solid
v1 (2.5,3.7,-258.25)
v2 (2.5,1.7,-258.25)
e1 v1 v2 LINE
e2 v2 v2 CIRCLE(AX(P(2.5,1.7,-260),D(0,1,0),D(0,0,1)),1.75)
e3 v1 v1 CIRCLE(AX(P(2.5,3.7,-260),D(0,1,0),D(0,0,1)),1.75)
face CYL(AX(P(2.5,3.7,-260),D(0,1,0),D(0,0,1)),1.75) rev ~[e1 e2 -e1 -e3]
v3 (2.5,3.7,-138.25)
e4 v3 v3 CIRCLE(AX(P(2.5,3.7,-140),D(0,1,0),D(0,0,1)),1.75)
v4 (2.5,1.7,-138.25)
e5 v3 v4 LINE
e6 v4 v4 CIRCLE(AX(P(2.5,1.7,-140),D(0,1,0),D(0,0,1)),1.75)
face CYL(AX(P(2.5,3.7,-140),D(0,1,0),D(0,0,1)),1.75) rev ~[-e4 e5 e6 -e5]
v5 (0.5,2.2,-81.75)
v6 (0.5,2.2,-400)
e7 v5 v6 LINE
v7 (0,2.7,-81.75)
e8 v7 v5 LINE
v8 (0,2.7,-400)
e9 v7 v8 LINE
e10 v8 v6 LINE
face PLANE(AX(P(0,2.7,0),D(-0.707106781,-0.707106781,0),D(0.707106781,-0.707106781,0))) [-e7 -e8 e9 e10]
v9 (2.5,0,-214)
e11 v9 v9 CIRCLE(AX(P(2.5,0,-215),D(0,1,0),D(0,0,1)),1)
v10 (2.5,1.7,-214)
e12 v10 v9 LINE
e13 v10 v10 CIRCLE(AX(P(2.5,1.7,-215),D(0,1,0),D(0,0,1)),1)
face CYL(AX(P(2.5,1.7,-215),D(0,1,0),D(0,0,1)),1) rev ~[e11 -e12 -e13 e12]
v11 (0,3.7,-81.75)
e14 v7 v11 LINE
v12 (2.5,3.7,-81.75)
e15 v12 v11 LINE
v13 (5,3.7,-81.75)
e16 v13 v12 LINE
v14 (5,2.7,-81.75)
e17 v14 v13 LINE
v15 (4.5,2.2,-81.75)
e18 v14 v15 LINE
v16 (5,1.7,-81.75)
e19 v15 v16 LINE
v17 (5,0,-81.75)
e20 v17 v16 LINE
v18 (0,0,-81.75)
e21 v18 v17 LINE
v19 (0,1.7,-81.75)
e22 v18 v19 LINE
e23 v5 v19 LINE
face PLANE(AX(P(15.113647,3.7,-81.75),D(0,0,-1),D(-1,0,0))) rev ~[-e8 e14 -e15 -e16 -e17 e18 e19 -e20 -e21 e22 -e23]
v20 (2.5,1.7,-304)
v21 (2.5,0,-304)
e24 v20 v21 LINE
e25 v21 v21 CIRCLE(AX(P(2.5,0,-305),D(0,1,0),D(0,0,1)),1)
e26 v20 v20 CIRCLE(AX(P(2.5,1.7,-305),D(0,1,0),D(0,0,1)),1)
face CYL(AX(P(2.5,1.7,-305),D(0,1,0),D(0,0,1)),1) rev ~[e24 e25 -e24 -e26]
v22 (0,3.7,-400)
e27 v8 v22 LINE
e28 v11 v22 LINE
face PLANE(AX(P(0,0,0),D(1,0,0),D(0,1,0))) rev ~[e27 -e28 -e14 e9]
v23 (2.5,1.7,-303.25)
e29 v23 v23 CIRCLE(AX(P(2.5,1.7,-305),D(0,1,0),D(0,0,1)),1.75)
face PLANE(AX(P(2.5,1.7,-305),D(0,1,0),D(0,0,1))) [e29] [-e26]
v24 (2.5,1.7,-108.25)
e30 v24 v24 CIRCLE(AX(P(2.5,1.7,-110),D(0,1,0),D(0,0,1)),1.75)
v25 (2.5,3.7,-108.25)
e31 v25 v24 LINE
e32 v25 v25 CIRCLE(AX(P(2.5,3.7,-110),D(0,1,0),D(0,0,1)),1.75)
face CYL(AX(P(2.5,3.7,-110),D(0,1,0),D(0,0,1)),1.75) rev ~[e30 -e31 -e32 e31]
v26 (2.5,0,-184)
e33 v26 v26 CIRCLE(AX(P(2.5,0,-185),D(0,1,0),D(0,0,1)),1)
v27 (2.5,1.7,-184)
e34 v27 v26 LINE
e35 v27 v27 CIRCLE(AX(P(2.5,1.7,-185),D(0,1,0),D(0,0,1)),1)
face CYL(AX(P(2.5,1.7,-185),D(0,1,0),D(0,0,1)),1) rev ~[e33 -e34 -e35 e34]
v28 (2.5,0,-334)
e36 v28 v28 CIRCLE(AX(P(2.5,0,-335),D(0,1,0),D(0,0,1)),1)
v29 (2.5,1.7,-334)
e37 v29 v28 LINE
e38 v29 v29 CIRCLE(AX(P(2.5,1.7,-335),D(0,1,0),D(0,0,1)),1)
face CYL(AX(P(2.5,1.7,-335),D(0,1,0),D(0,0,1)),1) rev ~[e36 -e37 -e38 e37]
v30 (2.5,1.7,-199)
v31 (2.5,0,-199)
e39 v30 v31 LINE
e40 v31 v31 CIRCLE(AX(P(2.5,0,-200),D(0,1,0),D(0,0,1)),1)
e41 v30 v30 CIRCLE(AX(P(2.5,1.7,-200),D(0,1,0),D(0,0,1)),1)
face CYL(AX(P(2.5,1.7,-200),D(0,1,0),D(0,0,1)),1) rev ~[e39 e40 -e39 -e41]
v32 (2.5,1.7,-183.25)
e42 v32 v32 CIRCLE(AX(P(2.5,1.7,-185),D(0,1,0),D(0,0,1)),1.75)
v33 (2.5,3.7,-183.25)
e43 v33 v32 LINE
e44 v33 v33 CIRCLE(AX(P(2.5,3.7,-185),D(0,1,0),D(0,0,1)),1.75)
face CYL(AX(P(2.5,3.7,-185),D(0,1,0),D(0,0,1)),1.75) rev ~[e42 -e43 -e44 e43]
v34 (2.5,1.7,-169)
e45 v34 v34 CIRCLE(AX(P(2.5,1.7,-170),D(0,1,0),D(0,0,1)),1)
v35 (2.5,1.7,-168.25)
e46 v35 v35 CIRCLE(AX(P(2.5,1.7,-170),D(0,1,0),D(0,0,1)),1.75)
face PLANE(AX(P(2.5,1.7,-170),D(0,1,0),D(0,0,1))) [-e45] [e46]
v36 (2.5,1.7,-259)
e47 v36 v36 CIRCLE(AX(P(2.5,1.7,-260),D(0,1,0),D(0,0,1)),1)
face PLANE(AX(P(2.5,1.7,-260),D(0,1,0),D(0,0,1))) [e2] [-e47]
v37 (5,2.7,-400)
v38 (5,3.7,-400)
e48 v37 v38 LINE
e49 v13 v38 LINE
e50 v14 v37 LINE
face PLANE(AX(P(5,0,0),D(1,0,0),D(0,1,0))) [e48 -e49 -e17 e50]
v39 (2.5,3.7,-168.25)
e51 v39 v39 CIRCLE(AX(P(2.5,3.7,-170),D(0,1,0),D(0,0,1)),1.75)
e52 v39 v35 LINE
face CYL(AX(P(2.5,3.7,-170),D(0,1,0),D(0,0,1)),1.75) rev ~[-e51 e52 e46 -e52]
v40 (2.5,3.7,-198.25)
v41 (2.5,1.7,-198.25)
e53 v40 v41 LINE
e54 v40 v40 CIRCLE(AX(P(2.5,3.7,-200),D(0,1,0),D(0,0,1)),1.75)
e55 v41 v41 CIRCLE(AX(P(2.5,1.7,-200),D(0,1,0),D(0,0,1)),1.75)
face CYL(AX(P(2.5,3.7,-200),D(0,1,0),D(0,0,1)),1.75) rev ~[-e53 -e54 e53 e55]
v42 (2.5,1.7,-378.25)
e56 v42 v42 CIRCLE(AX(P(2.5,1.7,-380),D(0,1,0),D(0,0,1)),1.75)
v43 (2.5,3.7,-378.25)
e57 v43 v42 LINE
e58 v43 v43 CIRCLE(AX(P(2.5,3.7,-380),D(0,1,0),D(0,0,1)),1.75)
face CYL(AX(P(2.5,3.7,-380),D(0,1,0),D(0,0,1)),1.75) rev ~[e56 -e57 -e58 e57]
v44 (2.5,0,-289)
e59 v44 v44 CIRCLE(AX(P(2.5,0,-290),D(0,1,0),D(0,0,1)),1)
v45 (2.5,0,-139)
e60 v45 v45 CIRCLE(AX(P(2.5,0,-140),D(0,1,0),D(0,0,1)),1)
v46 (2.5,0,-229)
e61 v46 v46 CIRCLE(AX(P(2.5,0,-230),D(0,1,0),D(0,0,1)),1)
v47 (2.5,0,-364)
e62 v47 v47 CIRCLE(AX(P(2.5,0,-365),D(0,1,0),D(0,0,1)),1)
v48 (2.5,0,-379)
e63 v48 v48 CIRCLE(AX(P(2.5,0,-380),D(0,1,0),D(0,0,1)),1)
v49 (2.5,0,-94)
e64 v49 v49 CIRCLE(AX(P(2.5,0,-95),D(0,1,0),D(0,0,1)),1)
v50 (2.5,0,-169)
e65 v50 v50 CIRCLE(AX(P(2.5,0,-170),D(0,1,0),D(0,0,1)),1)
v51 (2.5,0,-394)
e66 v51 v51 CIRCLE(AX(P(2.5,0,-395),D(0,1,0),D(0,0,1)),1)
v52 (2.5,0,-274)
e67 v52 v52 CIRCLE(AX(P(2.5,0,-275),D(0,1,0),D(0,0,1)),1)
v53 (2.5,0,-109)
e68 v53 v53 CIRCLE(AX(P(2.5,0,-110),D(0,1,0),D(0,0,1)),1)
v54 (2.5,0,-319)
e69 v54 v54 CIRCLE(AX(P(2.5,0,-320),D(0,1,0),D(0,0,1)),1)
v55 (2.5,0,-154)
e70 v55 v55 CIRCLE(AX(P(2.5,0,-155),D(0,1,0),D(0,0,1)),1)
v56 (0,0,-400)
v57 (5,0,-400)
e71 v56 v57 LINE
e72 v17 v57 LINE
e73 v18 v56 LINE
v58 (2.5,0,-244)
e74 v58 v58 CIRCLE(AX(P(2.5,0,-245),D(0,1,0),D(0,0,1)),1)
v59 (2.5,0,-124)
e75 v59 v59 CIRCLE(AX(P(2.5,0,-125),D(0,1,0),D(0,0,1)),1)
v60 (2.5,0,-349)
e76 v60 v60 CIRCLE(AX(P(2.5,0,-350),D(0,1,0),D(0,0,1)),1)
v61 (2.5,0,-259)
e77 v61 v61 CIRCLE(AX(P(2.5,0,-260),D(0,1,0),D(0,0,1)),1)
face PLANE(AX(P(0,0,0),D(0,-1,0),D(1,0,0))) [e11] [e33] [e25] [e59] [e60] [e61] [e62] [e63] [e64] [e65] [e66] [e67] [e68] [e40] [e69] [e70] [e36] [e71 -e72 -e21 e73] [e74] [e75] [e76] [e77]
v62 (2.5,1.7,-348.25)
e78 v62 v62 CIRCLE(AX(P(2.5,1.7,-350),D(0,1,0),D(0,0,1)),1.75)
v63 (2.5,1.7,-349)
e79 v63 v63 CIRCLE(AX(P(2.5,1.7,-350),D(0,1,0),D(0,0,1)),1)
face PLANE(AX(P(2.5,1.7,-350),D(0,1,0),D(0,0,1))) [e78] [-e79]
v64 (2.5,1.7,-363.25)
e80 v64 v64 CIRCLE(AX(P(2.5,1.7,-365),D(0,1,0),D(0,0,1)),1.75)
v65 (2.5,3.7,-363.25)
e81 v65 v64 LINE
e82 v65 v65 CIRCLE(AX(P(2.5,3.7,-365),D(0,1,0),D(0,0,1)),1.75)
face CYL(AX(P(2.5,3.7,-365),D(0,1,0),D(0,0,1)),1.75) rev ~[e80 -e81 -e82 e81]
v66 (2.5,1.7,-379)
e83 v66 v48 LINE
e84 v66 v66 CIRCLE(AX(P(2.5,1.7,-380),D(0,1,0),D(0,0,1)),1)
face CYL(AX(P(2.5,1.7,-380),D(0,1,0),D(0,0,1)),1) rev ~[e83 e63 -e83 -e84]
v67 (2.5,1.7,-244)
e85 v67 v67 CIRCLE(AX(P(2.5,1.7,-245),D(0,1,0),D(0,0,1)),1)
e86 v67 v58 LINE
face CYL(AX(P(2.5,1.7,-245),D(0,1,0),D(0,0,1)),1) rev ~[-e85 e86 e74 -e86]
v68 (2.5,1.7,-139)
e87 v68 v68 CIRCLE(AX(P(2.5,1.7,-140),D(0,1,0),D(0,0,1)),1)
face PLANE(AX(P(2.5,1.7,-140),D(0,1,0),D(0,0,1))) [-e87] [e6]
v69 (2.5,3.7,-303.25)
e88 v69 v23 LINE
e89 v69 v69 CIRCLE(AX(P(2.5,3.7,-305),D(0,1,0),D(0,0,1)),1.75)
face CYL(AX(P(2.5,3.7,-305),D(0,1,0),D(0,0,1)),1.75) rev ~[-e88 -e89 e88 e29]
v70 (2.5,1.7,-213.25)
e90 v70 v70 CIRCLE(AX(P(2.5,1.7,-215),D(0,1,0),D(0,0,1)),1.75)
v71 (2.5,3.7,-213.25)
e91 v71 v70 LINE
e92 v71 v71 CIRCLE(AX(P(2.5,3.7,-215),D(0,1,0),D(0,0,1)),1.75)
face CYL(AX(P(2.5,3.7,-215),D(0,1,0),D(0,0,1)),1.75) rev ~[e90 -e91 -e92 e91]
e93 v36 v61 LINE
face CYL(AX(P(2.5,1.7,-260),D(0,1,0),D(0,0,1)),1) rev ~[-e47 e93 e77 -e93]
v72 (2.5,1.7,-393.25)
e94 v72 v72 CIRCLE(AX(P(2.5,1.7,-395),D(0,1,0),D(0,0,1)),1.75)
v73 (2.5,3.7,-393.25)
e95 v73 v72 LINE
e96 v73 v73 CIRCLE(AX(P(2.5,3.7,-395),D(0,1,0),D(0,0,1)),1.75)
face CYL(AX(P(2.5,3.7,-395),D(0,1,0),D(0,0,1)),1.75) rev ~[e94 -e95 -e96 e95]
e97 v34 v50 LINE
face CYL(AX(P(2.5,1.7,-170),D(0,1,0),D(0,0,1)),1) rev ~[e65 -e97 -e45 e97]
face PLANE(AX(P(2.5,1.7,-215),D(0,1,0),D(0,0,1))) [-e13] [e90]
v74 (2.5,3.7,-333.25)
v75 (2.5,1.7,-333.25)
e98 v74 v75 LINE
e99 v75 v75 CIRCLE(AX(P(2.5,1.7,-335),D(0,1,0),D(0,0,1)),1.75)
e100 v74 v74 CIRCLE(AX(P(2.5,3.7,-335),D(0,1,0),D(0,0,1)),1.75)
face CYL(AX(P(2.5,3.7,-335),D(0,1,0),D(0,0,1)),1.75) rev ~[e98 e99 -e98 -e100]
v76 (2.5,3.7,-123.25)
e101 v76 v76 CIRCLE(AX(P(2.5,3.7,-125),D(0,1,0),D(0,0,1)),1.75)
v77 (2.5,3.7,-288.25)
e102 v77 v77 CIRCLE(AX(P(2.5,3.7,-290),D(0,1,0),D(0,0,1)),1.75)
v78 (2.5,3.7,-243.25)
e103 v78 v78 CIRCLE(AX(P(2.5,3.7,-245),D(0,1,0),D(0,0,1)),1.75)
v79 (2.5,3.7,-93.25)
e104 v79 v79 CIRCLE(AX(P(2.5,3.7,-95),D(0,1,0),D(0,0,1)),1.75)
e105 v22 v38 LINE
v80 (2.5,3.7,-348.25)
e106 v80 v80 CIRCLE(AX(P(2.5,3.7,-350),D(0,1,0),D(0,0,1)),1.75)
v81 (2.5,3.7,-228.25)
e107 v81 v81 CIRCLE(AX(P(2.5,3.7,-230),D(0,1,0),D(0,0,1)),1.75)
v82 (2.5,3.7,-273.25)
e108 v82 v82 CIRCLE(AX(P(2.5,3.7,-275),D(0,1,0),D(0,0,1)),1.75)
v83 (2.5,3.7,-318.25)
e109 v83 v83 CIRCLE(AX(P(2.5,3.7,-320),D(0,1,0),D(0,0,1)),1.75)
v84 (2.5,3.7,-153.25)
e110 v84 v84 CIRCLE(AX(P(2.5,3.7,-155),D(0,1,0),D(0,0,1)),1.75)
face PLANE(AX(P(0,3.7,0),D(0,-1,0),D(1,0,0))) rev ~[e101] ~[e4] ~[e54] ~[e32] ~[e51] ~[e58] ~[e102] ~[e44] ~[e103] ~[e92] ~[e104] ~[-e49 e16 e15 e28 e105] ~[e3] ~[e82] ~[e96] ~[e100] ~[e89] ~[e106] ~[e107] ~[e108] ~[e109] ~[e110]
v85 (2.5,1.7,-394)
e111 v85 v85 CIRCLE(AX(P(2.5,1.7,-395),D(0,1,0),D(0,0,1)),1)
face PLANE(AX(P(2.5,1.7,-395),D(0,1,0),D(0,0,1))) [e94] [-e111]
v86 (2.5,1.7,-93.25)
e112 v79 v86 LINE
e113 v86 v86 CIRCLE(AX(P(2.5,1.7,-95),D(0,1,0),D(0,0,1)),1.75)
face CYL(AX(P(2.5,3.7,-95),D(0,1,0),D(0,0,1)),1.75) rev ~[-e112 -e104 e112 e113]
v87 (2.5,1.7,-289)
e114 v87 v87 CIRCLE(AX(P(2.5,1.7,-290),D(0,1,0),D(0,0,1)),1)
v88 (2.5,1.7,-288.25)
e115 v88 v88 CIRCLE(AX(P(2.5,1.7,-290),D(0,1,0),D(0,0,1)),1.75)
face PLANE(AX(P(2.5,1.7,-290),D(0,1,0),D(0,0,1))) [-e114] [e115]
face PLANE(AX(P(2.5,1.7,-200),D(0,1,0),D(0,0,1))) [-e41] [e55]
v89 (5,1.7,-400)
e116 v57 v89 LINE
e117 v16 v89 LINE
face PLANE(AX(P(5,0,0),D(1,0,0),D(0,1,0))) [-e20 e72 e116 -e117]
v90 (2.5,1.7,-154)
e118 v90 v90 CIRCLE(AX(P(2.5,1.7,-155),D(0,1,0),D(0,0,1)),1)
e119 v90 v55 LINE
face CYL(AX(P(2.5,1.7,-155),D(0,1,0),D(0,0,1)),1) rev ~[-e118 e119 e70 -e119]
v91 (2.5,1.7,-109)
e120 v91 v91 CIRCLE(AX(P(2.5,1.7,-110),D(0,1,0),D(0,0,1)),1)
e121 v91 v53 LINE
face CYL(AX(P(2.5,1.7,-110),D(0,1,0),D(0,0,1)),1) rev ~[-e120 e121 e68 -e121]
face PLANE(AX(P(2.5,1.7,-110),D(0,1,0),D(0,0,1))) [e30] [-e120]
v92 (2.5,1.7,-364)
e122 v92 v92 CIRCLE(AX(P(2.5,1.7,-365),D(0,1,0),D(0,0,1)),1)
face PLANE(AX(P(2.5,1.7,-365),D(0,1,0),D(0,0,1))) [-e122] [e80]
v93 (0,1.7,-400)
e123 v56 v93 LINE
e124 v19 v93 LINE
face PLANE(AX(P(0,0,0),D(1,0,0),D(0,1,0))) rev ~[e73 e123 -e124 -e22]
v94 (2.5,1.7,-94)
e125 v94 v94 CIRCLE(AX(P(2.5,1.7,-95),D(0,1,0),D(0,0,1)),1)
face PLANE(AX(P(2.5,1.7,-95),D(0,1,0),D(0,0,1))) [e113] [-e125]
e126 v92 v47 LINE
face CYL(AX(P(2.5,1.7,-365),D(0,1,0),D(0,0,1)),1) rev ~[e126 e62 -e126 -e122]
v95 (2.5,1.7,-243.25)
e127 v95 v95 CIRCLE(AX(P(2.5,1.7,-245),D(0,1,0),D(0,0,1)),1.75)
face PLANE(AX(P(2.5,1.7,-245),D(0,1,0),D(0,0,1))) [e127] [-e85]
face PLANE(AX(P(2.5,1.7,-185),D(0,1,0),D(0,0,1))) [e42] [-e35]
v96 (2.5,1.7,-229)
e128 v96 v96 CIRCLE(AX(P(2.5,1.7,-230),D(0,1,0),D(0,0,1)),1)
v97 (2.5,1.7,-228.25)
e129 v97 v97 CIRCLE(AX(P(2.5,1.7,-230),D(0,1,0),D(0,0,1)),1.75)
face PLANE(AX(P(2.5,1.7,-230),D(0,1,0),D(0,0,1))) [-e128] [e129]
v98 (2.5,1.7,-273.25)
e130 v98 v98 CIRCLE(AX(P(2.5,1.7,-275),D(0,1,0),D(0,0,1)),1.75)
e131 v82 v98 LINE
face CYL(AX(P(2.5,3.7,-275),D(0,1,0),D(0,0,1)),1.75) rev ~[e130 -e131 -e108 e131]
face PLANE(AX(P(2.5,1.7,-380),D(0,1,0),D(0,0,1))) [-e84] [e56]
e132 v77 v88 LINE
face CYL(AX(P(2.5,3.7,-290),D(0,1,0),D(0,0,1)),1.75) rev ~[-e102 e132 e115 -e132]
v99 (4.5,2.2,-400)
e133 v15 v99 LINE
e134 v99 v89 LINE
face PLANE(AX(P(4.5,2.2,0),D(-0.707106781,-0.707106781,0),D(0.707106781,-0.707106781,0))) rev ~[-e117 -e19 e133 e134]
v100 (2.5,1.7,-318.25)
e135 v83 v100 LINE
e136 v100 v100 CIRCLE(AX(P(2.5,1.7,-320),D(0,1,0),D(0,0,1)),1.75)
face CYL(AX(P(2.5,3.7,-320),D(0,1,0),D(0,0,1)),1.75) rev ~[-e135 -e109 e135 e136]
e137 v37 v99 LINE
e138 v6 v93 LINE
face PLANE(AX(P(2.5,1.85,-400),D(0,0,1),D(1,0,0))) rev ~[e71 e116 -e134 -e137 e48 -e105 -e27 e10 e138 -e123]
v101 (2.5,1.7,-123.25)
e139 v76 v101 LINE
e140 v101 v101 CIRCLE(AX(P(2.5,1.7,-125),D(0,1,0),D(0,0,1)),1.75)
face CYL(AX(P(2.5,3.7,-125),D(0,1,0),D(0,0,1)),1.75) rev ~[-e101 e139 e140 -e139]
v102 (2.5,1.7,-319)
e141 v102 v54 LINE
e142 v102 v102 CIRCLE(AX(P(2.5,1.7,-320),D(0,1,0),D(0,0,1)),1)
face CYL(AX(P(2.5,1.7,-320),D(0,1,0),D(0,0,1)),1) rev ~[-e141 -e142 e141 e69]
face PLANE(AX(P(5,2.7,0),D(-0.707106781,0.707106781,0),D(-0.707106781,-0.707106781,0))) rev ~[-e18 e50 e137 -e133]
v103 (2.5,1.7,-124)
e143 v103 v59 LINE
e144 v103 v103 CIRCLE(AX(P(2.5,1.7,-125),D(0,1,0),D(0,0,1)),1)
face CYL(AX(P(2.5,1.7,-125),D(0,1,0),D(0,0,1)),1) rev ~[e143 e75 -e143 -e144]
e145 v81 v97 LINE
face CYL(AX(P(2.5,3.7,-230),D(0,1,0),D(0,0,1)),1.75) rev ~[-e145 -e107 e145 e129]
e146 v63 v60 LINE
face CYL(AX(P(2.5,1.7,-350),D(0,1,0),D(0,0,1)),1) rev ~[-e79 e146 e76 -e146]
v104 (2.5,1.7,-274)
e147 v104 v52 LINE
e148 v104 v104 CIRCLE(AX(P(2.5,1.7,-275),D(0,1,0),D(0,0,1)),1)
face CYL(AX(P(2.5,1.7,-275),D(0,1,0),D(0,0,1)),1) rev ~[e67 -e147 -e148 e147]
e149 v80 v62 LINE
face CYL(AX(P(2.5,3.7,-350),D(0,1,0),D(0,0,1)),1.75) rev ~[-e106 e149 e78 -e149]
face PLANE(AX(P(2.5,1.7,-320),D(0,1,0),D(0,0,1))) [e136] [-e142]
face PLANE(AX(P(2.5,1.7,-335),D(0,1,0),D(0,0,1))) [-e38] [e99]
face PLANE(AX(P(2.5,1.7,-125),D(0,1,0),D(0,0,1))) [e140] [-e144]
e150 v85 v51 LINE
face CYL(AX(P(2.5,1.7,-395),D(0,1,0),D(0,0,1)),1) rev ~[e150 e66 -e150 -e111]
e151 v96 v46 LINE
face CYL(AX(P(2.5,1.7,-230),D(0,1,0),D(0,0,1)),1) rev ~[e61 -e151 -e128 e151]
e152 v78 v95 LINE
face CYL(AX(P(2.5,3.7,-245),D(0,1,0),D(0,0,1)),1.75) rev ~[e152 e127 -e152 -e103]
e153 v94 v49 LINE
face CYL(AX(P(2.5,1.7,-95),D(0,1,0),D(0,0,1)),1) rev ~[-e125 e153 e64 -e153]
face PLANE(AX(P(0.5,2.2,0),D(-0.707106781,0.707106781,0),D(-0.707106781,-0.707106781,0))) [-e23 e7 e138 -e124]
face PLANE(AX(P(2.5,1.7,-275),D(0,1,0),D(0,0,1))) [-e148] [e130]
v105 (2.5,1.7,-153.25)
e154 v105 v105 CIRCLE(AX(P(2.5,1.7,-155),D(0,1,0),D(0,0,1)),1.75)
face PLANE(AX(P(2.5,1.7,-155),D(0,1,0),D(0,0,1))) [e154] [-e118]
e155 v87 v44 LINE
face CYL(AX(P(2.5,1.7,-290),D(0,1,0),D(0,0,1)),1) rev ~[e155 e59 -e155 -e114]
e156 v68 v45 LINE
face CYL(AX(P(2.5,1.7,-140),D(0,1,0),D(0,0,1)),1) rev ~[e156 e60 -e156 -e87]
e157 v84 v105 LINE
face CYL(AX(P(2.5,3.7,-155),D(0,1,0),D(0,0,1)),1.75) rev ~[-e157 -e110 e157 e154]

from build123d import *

# Parameters (mm, degrees)
SKETCH1_W           = 5
SKETCH1_H           = 3.7
BOSS_EXTRUDE1_DEPTH = 400
SKETCH2_R           = 1.75
CUT_EXTRUDE1_DEPTH  = 2
SKETCH3_R           = 1
CUT_EXTRUDE2_DEPTH  = 401.036248358
CUT_EXTRUDE3_DEPTH  = 401.048359577
CUT_EXTRUDE_1_DEPTH = 10


with BuildPart() as part:
    # Sketch1 → Boss-Extrude1 (new body)
    with BuildSketch(Plane.XY):
        with Locations((2.5, 1.85)):
            Rectangle(SKETCH1_W, SKETCH1_H)
    extrude(amount=-BOSS_EXTRUDE1_DEPTH)

    # Sketch2 → Cut-Extrude1 (cut)
    with BuildSketch(Plane(origin=(0, 3.7, 0), x_dir=(1, 0, 0), z_dir=(0, 1, 0))):
        with Locations(Location((2.5, 5, 0), (0, 0, 270))):
            Circle(SKETCH2_R)
        with Locations(Location((2.5, 20, 0), (0, 0, 270))):
            Circle(SKETCH2_R)
        with Locations(Location((2.5, 35, 0), (0, 0, 270))):
            Circle(SKETCH2_R)
        with Locations(Location((2.5, 50, 0), (0, 0, 270))):
            Circle(SKETCH2_R)
        with Locations(Location((2.5, 65, 0), (0, 0, 270))):
            Circle(SKETCH2_R)
        with Locations(Location((2.5, 80, 0), (0, 0, 270))):
            Circle(SKETCH2_R)
        with Locations(Location((2.5, 95, 0), (0, 0, 270))):
            Circle(SKETCH2_R)
        with Locations(Location((2.5, 110, 0), (0, 0, 270))):
            Circle(SKETCH2_R)
        with Locations(Location((2.5, 125, 0), (0, 0, 270))):
            Circle(SKETCH2_R)
        with Locations(Location((2.5, 140, 0), (0, 0, 270))):
            Circle(SKETCH2_R)
        with Locations(Location((2.5, 155, 0), (0, 0, 270))):
            Circle(SKETCH2_R)
        with Locations(Location((2.5, 170, 0), (0, 0, 270))):
            Circle(SKETCH2_R)
        with Locations(Location((2.5, 185, 0), (0, 0, 270))):
            Circle(SKETCH2_R)
        with Locations(Location((2.5, 200, 0), (0, 0, 270))):
            Circle(SKETCH2_R)
        with Locations(Location((2.5, 215, 0), (0, 0, 270))):
            Circle(SKETCH2_R)
        with Locations(Location((2.5, 230, 0), (0, 0, 270))):
            Circle(SKETCH2_R)
        with Locations(Location((2.5, 245, 0), (0, 0, 270))):
            Circle(SKETCH2_R)
        with Locations(Location((2.5, 260, 0), (0, 0, 270))):
            Circle(SKETCH2_R)
        with Locations(Location((2.5, 275, 0), (0, 0, 270))):
            Circle(SKETCH2_R)
        with Locations(Location((2.5, 290, 0), (0, 0, 270))):
            Circle(SKETCH2_R)
        with Locations(Location((2.5, 305, 0), (0, 0, 270))):
            Circle(SKETCH2_R)
        with Locations(Location((2.5, 320, 0), (0, 0, 270))):
            Circle(SKETCH2_R)
        with Locations(Location((2.5, 335, 0), (0, 0, 270))):
            Circle(SKETCH2_R)
        with Locations(Location((2.5, 350, 0), (0, 0, 270))):
            Circle(SKETCH2_R)
        with Locations(Location((2.5, 365, 0), (0, 0, 270))):
            Circle(SKETCH2_R)
        with Locations(Location((2.5, 380, 0), (0, 0, 270))):
            Circle(SKETCH2_R)
        with Locations(Location((2.5, 395, 0), (0, 0, 270))):
            Circle(SKETCH2_R)
    extrude(amount=-CUT_EXTRUDE1_DEPTH, mode=Mode.SUBTRACT)

    # Sketch3 → Cut-Extrude2 (cut, through all)
    with BuildSketch(Plane(origin=(0, 1.7, 0), x_dir=(1, 0, 0), z_dir=(0, 1, 0))):
        with Locations(Location((2.5, 5, 0), (0, 0, 270))):
            Circle(SKETCH3_R)
        with Locations(Location((2.5, 20, 0), (0, 0, 270))):
            Circle(SKETCH3_R)
        with Locations(Location((2.5, 35, 0), (0, 0, 270))):
            Circle(SKETCH3_R)
        with Locations(Location((2.5, 50, 0), (0, 0, 270))):
            Circle(SKETCH3_R)
        with Locations(Location((2.5, 65, 0), (0, 0, 270))):
            Circle(SKETCH3_R)
        with Locations(Location((2.5, 80, 0), (0, 0, 270))):
            Circle(SKETCH3_R)
        with Locations(Location((2.5, 95, 0), (0, 0, 270))):
            Circle(SKETCH3_R)
        with Locations(Location((2.5, 110, 0), (0, 0, 270))):
            Circle(SKETCH3_R)
        with Locations(Location((2.5, 125, 0), (0, 0, 270))):
            Circle(SKETCH3_R)
        with Locations(Location((2.5, 140, 0), (0, 0, 270))):
            Circle(SKETCH3_R)
        with Locations(Location((2.5, 155, 0), (0, 0, 270))):
            Circle(SKETCH3_R)
        with Locations(Location((2.5, 170, 0), (0, 0, 270))):
            Circle(SKETCH3_R)
        with Locations(Location((2.5, 185, 0), (0, 0, 270))):
            Circle(SKETCH3_R)
        with Locations(Location((2.5, 200, 0), (0, 0, 270))):
            Circle(SKETCH3_R)
        with Locations(Location((2.5, 215, 0), (0, 0, 270))):
            Circle(SKETCH3_R)
        with Locations(Location((2.5, 230, 0), (0, 0, 270))):
            Circle(SKETCH3_R)
        with Locations(Location((2.5, 245, 0), (0, 0, 270))):
            Circle(SKETCH3_R)
        with Locations(Location((2.5, 260, 0), (0, 0, 270))):
            Circle(SKETCH3_R)
        with Locations(Location((2.5, 275, 0), (0, 0, 270))):
            Circle(SKETCH3_R)
        with Locations(Location((2.5, 290, 0), (0, 0, 270))):
            Circle(SKETCH3_R)
        with Locations(Location((2.5, 305, 0), (0, 0, 270))):
            Circle(SKETCH3_R)
        with Locations(Location((2.5, 320, 0), (0, 0, 270))):
            Circle(SKETCH3_R)
        with Locations(Location((2.5, 335, 0), (0, 0, 270))):
            Circle(SKETCH3_R)
        with Locations(Location((2.5, 350, 0), (0, 0, 270))):
            Circle(SKETCH3_R)
        with Locations(Location((2.5, 365, 0), (0, 0, 270))):
            Circle(SKETCH3_R)
        with Locations(Location((2.5, 380, 0), (0, 0, 270))):
            Circle(SKETCH3_R)
        with Locations(Location((2.5, 395, 0), (0, 0, 270))):
            Circle(SKETCH3_R)
    extrude(amount=-CUT_EXTRUDE2_DEPTH, mode=Mode.SUBTRACT)

    # Sketch4 → Cut-Extrude3 (cut, through all)
    with BuildSketch(Plane.XY):
        Polygon((0, 2.7), (0.5, 2.2), (0, 1.7), align=None)
        Polygon((5, 2.7), (4.5, 2.2), (5, 1.7), align=None)
    extrude(amount=-CUT_EXTRUDE3_DEPTH, mode=Mode.SUBTRACT)

    # 草图1 → 切除-拉伸1 (cut)
    with BuildSketch(Plane(origin=(0, 3.7, 0), x_dir=(1, 0, 0), z_dir=(0, 1, 0))):
        Polygon((2.5, 81.75), (15.113647071, 81.75), (15.113647071, -29.694752228), (-58.541015393, -29.694752228), (-58.541015393, 81.75), align=None)
    extrude(amount=-CUT_EXTRUDE_1_DEPTH, mode=Mode.SUBTRACT)


solid = part.part
